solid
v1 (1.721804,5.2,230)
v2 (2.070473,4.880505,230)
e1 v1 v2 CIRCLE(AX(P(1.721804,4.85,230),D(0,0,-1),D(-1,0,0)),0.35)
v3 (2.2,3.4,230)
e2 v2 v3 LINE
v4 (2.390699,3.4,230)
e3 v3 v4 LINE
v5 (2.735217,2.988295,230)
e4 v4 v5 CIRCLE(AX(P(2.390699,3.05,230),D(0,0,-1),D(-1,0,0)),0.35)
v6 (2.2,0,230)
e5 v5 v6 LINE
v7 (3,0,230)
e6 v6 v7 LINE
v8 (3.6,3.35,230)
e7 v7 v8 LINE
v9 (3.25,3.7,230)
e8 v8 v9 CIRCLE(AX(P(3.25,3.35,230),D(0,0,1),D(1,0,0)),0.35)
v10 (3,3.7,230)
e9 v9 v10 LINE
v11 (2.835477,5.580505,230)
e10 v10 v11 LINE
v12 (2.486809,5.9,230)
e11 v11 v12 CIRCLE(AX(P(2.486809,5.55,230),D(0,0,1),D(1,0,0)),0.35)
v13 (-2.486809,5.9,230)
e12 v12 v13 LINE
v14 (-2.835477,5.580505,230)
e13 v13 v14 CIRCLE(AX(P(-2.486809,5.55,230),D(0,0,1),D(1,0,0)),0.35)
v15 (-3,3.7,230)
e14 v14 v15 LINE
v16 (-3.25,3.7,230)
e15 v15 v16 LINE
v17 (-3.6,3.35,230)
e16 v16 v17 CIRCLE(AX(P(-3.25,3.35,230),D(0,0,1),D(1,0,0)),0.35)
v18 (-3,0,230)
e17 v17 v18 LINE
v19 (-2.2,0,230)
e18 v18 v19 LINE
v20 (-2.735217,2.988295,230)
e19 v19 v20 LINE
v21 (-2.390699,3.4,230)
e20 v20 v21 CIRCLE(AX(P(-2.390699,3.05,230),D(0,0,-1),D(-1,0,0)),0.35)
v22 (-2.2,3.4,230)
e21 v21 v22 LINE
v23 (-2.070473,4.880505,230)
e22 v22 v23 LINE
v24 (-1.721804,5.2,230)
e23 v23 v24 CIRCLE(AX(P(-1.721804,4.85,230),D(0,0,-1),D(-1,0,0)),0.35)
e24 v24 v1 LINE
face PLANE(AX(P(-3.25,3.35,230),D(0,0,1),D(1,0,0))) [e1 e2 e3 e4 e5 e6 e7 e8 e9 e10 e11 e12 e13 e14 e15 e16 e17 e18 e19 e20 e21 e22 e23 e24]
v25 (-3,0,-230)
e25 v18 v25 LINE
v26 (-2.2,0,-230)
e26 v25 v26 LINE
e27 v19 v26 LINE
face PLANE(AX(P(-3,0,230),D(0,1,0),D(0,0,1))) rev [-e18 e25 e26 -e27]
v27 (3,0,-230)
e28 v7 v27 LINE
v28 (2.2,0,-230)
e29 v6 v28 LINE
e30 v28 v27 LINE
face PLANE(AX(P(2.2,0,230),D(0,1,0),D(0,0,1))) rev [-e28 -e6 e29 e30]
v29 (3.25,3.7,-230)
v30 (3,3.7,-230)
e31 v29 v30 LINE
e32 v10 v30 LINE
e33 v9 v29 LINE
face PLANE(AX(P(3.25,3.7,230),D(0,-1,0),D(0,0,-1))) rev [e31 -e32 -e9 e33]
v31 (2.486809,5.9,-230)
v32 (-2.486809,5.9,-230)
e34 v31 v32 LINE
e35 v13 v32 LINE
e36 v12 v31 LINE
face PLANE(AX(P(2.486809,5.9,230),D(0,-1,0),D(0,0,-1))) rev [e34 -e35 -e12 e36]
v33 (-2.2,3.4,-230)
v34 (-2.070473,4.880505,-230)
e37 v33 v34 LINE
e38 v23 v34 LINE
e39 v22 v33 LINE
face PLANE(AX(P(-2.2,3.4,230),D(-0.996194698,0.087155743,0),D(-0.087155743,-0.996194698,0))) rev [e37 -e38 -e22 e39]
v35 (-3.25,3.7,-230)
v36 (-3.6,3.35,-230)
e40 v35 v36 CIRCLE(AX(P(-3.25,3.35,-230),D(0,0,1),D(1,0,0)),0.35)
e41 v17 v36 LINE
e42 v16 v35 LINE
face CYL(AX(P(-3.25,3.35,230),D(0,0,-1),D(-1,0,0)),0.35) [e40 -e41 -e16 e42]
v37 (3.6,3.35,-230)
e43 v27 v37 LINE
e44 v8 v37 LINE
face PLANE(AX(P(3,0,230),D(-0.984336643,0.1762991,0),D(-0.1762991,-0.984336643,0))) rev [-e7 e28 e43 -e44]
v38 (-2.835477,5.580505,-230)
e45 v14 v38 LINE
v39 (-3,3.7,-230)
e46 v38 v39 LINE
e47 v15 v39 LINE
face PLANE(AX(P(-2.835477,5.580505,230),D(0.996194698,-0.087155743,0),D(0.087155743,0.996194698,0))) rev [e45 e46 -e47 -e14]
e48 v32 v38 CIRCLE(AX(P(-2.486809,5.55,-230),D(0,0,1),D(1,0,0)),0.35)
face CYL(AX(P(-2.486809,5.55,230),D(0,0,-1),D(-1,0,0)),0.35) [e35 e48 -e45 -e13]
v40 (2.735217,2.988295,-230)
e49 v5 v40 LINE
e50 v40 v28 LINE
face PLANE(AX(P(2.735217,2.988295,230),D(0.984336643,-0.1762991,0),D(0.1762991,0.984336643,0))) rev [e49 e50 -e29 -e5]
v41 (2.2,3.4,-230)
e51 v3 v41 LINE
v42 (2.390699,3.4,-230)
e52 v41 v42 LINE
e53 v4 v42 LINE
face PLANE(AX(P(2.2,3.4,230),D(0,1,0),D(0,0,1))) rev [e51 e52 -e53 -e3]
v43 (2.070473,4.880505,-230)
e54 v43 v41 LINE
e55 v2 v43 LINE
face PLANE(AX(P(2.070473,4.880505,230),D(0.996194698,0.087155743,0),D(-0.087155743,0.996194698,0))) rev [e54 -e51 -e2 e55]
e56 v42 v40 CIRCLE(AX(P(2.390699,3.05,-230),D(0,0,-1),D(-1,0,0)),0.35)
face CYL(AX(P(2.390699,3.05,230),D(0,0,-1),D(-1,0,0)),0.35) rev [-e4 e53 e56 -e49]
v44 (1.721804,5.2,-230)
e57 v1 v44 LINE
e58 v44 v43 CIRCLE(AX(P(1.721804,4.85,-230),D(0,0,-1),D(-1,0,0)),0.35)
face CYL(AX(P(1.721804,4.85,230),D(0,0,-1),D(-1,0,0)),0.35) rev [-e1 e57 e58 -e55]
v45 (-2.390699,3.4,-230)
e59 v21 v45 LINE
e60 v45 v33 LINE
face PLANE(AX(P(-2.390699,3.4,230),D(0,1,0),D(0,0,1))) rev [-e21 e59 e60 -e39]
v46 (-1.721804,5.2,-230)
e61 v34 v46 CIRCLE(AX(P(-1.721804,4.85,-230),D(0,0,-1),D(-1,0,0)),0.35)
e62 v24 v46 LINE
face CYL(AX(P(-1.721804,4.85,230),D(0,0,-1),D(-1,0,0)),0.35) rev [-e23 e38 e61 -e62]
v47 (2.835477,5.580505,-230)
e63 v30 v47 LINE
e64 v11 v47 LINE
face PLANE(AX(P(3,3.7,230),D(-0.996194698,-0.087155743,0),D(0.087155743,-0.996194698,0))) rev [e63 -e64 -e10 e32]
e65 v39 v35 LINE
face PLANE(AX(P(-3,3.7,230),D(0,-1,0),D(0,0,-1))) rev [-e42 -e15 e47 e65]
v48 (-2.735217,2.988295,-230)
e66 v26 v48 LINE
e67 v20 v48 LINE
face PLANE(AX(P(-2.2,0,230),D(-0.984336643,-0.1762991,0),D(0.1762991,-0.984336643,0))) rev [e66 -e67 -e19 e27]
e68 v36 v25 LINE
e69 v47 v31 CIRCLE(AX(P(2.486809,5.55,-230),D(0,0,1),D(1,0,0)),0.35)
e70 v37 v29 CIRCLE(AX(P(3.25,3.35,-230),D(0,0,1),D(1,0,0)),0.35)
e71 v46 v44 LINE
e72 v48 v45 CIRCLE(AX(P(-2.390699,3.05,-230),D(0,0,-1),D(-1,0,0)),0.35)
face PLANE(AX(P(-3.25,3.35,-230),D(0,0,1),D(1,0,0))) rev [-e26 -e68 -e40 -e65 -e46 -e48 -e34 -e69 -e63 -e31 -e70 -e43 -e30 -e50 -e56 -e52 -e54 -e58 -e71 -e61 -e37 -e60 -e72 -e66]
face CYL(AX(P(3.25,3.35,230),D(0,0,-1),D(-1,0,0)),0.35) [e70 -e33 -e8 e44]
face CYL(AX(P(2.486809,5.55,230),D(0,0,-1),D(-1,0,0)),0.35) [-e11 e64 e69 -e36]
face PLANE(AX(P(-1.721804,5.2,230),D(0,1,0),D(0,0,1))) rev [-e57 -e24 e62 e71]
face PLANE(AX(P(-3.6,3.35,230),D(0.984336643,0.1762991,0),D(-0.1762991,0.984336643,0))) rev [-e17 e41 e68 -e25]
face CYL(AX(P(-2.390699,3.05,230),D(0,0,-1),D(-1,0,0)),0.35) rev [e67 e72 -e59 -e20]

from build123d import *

# Parameters (mm, degrees)
BOSS_EXTRUDE1_DEPTH = 230


with BuildPart() as part:
    # Sketch1 → Boss-Extrude1 (new body, symmetric)
    with BuildSketch(Plane.XY):
        with BuildLine():
            Line((-3.6, 3.35), (-3, 0))
            Line((-3, 0), (-2.2, 0))
            Line((-2.2, 0), (-2.735217071, 2.988295315))
            ThreePointArc((-2.735217071, 2.988295315), (-2.659117427, 3.274614514), (-2.390699246, 3.4))
            Line((-2.390699246, 3.4), (-2.2, 3.4))
            Line((-2.2, 3.4), (-2.070472639, 4.88050451))
            ThreePointArc((-2.070472639, 4.88050451), (-1.958261067, 5.108047068), (-1.721804495, 5.2))
            Line((-1.721804495, 5.2), (1.721804495, 5.2))
            ThreePointArc((1.721804495, 5.2), (1.958261067, 5.108047068), (2.070472639, 4.88050451))
            Line((2.070472639, 4.88050451), (2.2, 3.4))
            Line((2.2, 3.4), (2.390699246, 3.4))
            ThreePointArc((2.390699246, 3.4), (2.659117427, 3.274614514), (2.735217071, 2.988295315))
            Line((2.735217071, 2.988295315), (2.2, 0))
            Line((2.2, 0), (3, 0))
            Line((3, 0), (3.6, 3.35))
            ThreePointArc((3.6, 3.35), (3.497487373, 3.597487373), (3.25, 3.7))
            Line((3.25, 3.7), (3, 3.7))
            Line((3, 3.7), (2.835477174, 5.58050451))
            ThreePointArc((2.835477174, 5.58050451), (2.723265602, 5.808047068), (2.486809029, 5.9))
            Line((2.486809029, 5.9), (-2.486809029, 5.9))
            ThreePointArc((-2.486809029, 5.9), (-2.723265602, 5.808047068), (-2.835477174, 5.58050451))
            Line((-2.835477174, 5.58050451), (-3, 3.7))
            Line((-3, 3.7), (-3.25, 3.7))
            ThreePointArc((-3.25, 3.7), (-3.497487373, 3.597487373), (-3.6, 3.35))
        make_face()
    extrude(amount=BOSS_EXTRUDE1_DEPTH, both=True)


solid = part.part
